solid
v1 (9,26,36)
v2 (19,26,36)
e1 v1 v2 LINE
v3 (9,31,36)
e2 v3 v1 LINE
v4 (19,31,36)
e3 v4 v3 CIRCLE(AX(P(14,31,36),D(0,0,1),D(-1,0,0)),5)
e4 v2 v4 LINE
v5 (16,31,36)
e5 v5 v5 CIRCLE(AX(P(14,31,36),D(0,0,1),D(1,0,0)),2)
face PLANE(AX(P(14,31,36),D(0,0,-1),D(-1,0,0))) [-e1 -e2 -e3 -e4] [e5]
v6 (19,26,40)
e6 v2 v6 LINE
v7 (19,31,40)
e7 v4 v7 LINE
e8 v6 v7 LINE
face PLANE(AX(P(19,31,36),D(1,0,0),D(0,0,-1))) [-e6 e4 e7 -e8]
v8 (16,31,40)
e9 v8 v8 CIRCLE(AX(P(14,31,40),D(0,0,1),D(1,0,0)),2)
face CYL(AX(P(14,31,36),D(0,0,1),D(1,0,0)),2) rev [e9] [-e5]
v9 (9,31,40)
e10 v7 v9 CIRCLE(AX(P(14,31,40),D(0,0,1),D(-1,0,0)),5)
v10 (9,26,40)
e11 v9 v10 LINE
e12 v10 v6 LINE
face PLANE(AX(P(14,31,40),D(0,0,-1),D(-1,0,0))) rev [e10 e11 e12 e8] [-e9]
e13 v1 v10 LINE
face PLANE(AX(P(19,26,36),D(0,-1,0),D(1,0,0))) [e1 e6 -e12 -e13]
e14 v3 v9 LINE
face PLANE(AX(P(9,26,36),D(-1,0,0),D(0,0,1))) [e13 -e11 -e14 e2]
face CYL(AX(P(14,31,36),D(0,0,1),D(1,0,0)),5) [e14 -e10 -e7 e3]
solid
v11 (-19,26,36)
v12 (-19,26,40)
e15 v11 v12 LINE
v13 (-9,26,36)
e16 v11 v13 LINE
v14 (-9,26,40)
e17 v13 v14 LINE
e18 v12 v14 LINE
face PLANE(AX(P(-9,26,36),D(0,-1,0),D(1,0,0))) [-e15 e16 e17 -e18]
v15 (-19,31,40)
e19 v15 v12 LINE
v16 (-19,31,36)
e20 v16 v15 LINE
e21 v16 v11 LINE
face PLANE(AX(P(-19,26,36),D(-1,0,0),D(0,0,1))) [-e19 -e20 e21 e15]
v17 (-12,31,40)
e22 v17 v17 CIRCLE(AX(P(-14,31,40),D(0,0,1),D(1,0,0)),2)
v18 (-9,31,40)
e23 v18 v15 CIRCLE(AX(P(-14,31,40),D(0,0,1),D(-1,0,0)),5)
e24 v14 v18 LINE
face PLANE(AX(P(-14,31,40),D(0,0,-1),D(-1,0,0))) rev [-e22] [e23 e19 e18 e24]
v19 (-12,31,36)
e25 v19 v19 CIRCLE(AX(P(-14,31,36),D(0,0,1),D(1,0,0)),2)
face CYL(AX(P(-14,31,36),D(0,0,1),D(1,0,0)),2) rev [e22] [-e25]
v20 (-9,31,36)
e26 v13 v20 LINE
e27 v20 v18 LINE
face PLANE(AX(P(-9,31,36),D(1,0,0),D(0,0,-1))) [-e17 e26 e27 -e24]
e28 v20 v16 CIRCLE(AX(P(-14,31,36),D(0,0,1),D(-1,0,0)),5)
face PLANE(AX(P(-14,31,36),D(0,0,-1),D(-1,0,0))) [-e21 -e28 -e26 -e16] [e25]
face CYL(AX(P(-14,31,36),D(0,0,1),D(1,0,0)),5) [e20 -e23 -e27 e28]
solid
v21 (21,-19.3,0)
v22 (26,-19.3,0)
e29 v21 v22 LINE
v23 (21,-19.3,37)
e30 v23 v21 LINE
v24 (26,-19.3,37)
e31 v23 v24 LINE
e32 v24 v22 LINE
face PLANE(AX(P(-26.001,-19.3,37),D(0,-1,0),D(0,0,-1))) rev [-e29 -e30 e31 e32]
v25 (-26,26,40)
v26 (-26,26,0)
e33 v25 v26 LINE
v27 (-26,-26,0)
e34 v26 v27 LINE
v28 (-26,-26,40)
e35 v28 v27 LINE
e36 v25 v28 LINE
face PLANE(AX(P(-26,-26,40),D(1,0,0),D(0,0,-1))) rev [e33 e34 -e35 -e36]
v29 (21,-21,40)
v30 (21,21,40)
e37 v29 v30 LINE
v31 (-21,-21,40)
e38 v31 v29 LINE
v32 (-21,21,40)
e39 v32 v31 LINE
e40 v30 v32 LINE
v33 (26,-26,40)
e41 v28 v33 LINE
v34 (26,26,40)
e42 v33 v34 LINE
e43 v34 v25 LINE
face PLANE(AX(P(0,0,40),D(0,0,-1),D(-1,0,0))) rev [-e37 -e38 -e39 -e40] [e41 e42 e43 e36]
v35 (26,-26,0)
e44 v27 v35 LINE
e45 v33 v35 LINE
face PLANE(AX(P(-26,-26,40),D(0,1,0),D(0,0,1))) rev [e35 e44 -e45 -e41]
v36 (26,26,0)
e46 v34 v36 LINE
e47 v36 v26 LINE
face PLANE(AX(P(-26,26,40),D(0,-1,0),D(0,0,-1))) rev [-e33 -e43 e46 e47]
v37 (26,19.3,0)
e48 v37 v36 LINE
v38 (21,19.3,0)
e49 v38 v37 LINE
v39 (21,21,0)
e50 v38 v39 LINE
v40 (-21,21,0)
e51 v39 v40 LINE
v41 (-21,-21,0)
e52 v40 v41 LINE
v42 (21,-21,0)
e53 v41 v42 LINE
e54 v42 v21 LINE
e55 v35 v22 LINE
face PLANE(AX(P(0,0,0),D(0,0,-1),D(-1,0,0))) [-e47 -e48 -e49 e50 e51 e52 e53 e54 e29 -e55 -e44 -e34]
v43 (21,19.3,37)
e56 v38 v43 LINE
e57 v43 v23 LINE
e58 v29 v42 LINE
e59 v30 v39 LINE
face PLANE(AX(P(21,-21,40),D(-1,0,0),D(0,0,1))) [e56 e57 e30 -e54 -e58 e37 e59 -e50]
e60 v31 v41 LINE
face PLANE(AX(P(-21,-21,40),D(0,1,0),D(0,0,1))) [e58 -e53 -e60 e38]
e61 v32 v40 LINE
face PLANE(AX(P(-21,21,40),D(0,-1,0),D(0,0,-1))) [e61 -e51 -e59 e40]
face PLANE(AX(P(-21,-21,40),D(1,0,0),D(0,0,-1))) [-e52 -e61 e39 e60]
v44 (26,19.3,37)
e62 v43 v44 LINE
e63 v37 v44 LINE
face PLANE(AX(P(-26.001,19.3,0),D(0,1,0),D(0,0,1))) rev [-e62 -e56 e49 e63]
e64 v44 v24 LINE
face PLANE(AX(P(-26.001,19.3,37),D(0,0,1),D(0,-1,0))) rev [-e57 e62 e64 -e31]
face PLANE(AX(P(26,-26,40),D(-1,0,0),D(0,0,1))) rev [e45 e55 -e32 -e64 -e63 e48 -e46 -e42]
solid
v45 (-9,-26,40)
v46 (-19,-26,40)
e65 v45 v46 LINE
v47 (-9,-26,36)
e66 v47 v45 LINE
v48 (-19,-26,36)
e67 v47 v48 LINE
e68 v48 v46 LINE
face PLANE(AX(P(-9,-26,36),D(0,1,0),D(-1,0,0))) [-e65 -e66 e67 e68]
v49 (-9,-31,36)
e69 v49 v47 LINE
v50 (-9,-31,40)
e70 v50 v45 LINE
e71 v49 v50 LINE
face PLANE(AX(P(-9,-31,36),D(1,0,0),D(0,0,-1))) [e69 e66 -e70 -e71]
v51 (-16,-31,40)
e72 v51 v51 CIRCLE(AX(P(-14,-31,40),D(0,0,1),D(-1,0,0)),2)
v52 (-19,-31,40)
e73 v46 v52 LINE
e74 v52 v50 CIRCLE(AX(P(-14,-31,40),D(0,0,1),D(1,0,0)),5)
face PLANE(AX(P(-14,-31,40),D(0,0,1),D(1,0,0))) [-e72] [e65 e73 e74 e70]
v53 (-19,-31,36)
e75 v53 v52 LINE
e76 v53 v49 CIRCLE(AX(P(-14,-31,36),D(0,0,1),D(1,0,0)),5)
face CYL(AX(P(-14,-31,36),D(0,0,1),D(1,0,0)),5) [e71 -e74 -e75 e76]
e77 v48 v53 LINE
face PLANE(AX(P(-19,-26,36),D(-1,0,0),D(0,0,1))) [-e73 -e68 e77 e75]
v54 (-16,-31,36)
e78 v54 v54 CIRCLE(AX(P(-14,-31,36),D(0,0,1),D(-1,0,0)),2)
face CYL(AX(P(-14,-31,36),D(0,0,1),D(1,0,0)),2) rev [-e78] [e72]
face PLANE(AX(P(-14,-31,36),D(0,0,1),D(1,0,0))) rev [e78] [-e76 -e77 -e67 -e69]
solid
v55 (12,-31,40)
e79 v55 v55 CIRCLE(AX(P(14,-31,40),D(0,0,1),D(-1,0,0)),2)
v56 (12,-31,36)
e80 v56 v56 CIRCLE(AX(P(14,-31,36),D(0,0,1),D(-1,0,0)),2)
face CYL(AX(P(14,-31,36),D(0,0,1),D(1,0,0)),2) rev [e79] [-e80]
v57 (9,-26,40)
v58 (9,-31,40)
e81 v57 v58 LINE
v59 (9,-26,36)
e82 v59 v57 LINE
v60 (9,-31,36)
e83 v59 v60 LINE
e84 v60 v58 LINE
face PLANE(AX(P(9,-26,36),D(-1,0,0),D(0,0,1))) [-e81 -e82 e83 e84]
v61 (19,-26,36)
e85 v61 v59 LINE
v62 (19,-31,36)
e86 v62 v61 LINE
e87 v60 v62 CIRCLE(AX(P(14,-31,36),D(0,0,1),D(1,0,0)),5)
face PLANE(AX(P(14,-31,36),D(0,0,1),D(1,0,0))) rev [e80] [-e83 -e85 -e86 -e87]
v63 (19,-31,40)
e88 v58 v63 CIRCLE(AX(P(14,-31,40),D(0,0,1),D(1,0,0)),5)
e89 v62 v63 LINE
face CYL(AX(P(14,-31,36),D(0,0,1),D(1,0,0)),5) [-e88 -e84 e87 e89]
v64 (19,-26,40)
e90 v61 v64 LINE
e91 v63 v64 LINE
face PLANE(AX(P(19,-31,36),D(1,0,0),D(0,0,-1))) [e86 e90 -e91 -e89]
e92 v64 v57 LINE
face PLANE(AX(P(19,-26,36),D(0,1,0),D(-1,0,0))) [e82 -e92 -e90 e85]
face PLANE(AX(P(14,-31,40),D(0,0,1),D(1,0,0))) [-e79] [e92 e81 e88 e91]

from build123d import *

# Parameters (mm, degrees)
SKETCH_2_W          = 52
SKETCH_2_H          = 52
EXTRUDE_1_DEPTH     = 40
SKETCH_1_W          = 42
SKETCH_1_H          = 42
CUT_EXTRUDE_1_DEPTH = 40
CUT_EXTRUDE_2_REACH = 54
SKETCH_4_W          = 37
SKETCH_4_H          = 38.6
SKETCH_5_R          = 2
EXTRUDE_2_DEPTH     = 4
EXTRUDE_2_2_DEPTH   = 4
EXTRUDE_2_3_DEPTH   = 4
EXTRUDE_2_4_DEPTH   = 4


with BuildPart() as part:
    # 草圖2 → 填料-伸長1 (new body)
    with BuildSketch(Plane.XY):
        Rectangle(SKETCH_2_W, SKETCH_2_H)
    extrude(amount=EXTRUDE_1_DEPTH)

    # 草圖1 → 除料-伸長1 (cut)
    with BuildSketch(Plane.XY):
        Rectangle(SKETCH_1_W, SKETCH_1_H)
    extrude(amount=CUT_EXTRUDE_1_DEPTH, mode=Mode.SUBTRACT)

    # 草圖4 → 除料-伸長2 (cut, up to next)
    with BuildSketch(Plane(origin=(26, 0, 0), x_dir=(0, 0, -1), z_dir=(1, 0, 0)), mode=Mode.PRIVATE) as cut_extrude_2_sk1:
        with Locations((-18.5, 0)):
            Rectangle(SKETCH_4_W, SKETCH_4_H)
    cut_extrude_2_tool1 = extrude(cut_extrude_2_sk1.sketch, amount=-CUT_EXTRUDE_2_REACH, mode=Mode.PRIVATE) & part.part
    add(cut_extrude_2_tool1.solids().sort_by_distance((26, 0, 18.5))[0], mode=Mode.SUBTRACT)


with BuildPart() as body_2:
    # 草圖5 → 填料-伸長2 (new body)
    with BuildSketch(Plane.XY.offset(40)):
        with BuildLine():
            Line((-19, 26), (-19, 31))
            ThreePointArc((-19, 31), (-14, 36), (-9, 31))
            Line((-9, 31), (-9, 26))
            Line((-9, 26), (-19, 26))
        make_face()
        with Locations((-14, 31)):
            Circle(SKETCH_5_R, mode=Mode.SUBTRACT)
    extrude(amount=-EXTRUDE_2_DEPTH)


with BuildPart() as body_3:
    # 草圖5 → Extrude 2 2 (new body)
    with BuildSketch(Plane.XY.offset(40)):
        with BuildLine():
            Line((19, 31), (19, 26))
            Line((19, 26), (9, 26))
            Line((9, 26), (9, 31))
            ThreePointArc((9, 31), (14, 36), (19, 31))
        make_face()
        with Locations((14, 31)):
            Circle(SKETCH_5_R, mode=Mode.SUBTRACT)
    extrude(amount=-EXTRUDE_2_2_DEPTH)


with BuildPart() as body_4:
    # 草圖5 → Extrude 2 3 (new body)
    with BuildSketch(Plane.XY.offset(40)):
        with BuildLine():
            Line((9, -26), (9, -31))
            ThreePointArc((9, -31), (14, -36), (19, -31))
            Line((19, -31), (19, -26))
            Line((19, -26), (9, -26))
        make_face()
        with Locations((14, -31)):
            Circle(SKETCH_5_R, mode=Mode.SUBTRACT)
    extrude(amount=-EXTRUDE_2_3_DEPTH)


with BuildPart() as body_5:
    # 草圖5 → Extrude 2 4 (new body)
    with BuildSketch(Plane.XY.offset(40)):
        with BuildLine():
            Line((-9, -26), (-19, -26))
            Line((-19, -26), (-19, -31))
            ThreePointArc((-19, -31), (-14, -36), (-9, -31))
            Line((-9, -31), (-9, -26))
        make_face()
        with Locations((-14, -31)):
            Circle(SKETCH_5_R, mode=Mode.SUBTRACT)
    extrude(amount=-EXTRUDE_2_4_DEPTH)


solid = Compound([part.part, body_2.part, body_3.part, body_4.part, body_5.part])
